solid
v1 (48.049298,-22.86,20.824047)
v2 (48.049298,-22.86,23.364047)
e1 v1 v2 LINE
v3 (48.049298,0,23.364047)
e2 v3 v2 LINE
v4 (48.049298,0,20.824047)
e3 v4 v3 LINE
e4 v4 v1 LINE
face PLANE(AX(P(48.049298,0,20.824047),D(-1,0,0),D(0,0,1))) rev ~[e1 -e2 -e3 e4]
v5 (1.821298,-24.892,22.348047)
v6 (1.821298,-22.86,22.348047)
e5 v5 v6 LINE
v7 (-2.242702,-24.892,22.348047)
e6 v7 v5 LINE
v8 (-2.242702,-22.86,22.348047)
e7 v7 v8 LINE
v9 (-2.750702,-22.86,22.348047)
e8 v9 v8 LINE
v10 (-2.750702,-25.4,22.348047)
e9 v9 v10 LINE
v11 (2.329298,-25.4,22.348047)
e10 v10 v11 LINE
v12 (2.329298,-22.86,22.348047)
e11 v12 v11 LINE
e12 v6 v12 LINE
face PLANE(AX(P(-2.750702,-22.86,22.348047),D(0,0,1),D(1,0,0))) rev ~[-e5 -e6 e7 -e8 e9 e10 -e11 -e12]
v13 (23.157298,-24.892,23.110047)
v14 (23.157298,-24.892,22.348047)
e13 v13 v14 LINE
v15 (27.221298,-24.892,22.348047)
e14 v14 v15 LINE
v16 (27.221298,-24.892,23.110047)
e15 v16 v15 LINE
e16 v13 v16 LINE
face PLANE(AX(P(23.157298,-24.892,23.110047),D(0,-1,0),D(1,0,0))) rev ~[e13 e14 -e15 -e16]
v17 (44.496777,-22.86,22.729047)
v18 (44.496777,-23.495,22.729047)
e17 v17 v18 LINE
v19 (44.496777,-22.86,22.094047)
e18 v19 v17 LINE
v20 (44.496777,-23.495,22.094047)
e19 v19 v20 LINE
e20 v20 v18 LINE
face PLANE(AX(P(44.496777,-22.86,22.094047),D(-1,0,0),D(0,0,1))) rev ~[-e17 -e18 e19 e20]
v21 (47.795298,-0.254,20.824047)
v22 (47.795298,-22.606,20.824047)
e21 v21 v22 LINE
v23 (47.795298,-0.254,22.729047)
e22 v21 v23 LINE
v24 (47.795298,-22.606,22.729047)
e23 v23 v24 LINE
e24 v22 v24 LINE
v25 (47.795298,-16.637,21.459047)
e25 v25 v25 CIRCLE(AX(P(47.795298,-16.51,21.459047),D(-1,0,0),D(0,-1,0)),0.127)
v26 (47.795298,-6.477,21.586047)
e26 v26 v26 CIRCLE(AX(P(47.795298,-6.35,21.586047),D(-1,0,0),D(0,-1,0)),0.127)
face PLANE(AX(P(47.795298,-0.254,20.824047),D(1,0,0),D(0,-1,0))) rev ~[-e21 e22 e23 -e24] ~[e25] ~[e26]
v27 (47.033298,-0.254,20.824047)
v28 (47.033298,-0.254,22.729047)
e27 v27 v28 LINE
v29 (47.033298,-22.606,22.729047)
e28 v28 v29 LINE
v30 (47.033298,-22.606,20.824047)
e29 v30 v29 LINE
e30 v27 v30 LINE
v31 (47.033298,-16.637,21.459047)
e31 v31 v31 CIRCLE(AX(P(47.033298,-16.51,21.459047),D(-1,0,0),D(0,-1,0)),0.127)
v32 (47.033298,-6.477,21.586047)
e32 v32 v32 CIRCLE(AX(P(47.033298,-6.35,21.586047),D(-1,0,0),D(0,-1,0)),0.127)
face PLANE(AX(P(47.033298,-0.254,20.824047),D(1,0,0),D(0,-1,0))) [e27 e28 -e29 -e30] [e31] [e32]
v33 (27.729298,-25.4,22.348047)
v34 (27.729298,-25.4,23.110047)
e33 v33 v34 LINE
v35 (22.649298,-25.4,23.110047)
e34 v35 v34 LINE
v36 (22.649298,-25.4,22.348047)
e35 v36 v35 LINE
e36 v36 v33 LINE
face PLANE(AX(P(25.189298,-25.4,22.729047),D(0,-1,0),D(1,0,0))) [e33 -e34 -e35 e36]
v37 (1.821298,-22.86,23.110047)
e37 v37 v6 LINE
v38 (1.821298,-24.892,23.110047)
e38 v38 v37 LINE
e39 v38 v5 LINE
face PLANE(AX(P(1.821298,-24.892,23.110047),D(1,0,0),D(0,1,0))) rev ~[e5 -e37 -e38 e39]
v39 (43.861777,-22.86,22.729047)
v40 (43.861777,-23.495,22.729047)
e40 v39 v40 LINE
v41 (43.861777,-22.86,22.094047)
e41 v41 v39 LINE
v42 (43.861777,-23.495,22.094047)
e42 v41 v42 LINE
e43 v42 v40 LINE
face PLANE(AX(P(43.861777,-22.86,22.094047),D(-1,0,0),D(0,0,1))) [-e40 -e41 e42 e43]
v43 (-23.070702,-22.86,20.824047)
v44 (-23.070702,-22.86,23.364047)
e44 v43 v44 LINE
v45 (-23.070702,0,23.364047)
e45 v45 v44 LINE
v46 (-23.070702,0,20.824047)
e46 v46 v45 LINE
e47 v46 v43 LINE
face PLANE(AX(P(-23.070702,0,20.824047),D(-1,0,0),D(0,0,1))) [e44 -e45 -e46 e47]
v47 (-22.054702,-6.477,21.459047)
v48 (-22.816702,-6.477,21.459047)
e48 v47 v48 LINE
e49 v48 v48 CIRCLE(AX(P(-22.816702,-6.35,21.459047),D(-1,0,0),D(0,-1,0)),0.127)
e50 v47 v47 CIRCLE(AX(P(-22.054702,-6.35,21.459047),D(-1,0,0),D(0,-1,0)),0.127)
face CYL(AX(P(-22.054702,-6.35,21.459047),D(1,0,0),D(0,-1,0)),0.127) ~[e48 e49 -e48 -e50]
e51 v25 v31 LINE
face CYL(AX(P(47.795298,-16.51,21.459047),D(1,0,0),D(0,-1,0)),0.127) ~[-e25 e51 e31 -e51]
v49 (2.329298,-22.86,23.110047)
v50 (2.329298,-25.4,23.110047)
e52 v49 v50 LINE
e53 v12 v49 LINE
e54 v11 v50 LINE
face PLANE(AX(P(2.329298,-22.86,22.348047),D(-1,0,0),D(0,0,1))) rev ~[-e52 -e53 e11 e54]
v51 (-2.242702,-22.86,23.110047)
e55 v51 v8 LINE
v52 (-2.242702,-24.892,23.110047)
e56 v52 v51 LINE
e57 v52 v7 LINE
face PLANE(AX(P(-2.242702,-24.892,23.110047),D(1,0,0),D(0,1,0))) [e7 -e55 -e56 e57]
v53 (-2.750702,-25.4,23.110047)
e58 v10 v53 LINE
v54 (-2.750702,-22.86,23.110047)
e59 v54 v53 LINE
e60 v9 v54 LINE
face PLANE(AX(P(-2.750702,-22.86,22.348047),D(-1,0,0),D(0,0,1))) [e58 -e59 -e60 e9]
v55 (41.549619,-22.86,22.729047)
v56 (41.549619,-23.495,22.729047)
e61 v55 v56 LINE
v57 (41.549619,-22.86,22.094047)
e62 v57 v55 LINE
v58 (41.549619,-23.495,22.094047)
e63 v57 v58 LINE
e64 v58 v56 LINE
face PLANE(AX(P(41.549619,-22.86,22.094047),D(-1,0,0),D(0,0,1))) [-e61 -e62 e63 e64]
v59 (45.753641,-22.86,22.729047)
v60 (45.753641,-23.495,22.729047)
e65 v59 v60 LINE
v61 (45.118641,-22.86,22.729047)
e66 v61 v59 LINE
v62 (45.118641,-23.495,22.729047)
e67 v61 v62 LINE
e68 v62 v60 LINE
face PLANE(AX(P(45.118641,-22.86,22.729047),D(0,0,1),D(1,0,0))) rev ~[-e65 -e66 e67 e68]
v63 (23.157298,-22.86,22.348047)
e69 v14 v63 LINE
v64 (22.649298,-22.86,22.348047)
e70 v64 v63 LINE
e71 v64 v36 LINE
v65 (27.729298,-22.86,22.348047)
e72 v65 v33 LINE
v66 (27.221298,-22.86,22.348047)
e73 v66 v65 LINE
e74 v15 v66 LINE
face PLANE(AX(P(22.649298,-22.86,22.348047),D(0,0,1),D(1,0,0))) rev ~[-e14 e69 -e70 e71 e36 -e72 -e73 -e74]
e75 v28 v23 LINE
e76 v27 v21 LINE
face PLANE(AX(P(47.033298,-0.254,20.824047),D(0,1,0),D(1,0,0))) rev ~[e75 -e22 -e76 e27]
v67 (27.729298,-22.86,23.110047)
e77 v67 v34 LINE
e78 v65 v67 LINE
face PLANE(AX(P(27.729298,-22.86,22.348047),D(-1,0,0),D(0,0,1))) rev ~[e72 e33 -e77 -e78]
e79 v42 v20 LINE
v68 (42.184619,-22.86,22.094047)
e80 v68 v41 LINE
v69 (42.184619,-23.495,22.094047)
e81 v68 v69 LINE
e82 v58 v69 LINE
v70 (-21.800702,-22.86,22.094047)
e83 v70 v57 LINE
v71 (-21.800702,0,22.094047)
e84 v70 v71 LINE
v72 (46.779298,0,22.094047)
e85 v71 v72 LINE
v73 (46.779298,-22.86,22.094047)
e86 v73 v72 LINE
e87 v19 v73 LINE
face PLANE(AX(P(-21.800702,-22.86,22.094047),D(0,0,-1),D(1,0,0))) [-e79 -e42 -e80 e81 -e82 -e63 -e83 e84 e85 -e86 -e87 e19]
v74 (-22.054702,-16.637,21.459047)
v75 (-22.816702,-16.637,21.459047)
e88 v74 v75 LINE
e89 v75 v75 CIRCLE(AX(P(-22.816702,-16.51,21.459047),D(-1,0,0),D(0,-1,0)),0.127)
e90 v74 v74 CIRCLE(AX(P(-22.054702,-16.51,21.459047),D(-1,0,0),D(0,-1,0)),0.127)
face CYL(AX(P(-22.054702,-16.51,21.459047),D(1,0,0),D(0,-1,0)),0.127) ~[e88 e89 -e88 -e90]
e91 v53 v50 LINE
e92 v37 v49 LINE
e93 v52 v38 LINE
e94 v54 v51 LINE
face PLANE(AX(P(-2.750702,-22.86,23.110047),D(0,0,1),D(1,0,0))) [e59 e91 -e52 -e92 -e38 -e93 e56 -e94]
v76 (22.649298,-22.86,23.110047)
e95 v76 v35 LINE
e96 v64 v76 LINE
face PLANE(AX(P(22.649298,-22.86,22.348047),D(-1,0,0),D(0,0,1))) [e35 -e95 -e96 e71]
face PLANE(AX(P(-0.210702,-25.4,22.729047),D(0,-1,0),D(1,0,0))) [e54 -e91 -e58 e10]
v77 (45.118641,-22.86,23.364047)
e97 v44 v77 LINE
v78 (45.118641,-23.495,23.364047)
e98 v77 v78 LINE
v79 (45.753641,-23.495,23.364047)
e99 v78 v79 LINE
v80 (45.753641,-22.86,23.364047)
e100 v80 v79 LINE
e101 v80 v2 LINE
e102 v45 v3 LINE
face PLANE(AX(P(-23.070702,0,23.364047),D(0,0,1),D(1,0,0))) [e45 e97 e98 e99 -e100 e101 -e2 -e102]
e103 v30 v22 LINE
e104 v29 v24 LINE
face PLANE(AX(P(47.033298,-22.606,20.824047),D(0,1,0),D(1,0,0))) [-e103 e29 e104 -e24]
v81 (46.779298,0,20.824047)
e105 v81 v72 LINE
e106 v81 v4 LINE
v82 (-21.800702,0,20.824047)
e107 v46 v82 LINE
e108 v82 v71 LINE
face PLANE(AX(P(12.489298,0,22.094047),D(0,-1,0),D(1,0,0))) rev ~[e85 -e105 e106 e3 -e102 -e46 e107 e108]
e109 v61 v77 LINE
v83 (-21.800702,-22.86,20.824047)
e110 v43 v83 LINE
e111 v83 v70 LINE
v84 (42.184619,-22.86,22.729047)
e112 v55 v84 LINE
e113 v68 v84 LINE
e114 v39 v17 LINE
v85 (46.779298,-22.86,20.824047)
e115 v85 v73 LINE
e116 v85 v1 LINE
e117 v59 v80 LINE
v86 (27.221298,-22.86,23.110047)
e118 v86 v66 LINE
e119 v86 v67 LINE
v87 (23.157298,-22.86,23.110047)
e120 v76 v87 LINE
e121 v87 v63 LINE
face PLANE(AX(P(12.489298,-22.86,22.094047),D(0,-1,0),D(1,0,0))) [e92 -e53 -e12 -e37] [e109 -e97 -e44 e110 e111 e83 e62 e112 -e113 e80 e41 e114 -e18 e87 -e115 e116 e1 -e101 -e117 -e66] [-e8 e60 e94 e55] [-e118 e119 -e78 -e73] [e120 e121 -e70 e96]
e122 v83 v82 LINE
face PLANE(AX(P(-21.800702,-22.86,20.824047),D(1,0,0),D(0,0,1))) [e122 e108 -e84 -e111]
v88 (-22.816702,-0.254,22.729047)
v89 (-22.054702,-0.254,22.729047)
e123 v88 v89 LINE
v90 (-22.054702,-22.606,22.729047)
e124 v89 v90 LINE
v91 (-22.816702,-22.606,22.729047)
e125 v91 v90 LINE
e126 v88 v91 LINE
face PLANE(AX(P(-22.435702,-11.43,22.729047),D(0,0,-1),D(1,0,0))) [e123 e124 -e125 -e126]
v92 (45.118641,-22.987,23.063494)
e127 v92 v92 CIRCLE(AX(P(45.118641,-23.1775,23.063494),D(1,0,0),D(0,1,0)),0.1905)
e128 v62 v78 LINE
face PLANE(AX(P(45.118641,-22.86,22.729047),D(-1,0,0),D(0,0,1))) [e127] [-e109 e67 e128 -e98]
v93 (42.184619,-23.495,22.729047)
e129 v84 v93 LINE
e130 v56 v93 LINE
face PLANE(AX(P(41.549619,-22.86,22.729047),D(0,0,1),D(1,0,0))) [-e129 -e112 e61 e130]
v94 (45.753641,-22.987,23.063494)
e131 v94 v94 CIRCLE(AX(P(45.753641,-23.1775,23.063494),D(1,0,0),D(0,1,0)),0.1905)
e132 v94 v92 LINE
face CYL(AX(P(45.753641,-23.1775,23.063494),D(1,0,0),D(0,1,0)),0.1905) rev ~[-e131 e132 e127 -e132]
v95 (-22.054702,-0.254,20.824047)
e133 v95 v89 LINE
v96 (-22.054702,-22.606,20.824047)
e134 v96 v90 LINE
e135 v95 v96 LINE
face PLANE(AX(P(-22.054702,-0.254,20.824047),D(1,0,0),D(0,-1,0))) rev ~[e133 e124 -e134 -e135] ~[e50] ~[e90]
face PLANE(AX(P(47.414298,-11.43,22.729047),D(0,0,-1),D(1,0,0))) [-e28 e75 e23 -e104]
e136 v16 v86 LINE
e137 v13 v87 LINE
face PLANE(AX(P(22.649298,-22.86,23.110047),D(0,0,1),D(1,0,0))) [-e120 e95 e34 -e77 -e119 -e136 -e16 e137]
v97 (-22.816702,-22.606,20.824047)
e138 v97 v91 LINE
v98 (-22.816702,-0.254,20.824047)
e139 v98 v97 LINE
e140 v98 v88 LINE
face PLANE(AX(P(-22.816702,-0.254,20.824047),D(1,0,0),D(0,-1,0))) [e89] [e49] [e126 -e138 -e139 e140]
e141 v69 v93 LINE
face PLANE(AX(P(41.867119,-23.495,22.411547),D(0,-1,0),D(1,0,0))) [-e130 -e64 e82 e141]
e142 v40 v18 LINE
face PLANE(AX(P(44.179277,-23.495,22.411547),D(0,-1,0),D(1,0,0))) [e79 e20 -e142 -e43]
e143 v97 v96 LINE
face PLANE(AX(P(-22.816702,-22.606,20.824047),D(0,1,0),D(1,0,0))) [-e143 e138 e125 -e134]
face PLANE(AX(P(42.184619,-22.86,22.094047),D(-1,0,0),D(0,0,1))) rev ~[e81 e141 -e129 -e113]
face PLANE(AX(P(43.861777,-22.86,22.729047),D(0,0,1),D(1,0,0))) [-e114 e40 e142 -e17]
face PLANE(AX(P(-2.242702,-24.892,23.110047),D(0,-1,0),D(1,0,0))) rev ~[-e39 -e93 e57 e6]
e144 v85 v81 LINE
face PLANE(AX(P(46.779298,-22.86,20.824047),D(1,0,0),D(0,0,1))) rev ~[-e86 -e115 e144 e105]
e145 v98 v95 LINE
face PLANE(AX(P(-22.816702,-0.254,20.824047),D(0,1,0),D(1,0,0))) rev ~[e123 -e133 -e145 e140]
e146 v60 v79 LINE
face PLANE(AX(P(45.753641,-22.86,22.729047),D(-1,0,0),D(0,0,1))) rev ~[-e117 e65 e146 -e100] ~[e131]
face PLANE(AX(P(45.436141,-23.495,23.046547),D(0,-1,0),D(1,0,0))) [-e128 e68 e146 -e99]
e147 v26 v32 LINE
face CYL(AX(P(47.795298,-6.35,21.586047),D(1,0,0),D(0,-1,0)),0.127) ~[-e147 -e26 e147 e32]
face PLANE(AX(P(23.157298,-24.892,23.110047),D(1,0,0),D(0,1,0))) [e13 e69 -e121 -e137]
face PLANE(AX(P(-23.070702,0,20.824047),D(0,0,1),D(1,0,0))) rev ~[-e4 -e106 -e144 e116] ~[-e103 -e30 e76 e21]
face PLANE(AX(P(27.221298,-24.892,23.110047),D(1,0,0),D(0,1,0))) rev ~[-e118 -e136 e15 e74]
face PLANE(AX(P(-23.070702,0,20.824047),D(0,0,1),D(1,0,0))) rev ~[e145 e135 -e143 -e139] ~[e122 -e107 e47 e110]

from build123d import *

# Parameters (mm, degrees)
F0_W      = 71.12
F0_H      = 2.54
F1_DEPTH  = 22.86
F2_W      = 68.58
F2_H      = 1.27
F3_DEPTH  = 22.86
F4_W      = 0.762
F4_H      = 22.352
F5_DEPTH  = 1.905
F6_W      = 0.762
F6_H      = 22.352
F7_DEPTH  = 1.905
F8_R      = 0.127
F9_DEPTH  = 0.762
F10_R     = 0.127
F11_DEPTH = 0.762
F12_W     = 5.08
F12_H     = 0.762
F13_DEPTH = 2.54
F14_W     = 4.064
F14_H     = 2.032
F15_DEPTH = 2.287
F16_W     = 4.064
F16_H     = 2.032
F17_DEPTH = 2.287
F18_W     = 0.635
F18_H     = 0.635
F19_DEPTH = 0.635
F20_R     = 0.1905
F21_DEPTH = 2.54


with BuildPart() as f1:
    # F0 (on Front) → F1 (new body)
    with BuildSketch(Plane.XZ):
        with Locations((12.489298, 22.094047)):
            Rectangle(F0_W, F0_H)
    extrude(amount=F1_DEPTH)

    # F2 (on face) → F3 (cut)
    with BuildSketch(Plane.XZ.offset(22.86)):
        with Locations((12.489298, 21.459047)):
            Rectangle(F2_W, F2_H)
    extrude(amount=-F3_DEPTH, mode=Mode.SUBTRACT)

    # F4 (on face) → F5 (cut)
    with BuildSketch(Plane(origin=(0, 0, 20.824047), x_dir=(1, 0, 0), z_dir=(0, 0, -1))):
        with Locations((47.414298, 11.43)):
            Rectangle(F4_W, F4_H)
    extrude(amount=-F5_DEPTH, mode=Mode.SUBTRACT)

    # F6 (on face) → F7 (cut)
    with BuildSketch(Plane(origin=(0, 0, 20.824047), x_dir=(1, 0, 0), z_dir=(0, 0, -1))):
        with Locations((-22.435702, 11.43)):
            Rectangle(F6_W, F6_H)
    extrude(amount=-F7_DEPTH, mode=Mode.SUBTRACT)

    # F8 (on face) → F9 (join, through all)
    with BuildSketch(Plane(origin=(47.795298, 0, 0), x_dir=(0, -1, 0), z_dir=(-1, 0, 0))):
        with Locations((16.51, 21.459047)):
            Circle(F8_R)
        with Locations((6.35, 21.586047)):
            Circle(F8_R)
    extrude(amount=F9_DEPTH)

    # F10 (on face) → F11 (join, through all)
    with BuildSketch(Plane(origin=(-22.054702, 0, 0), x_dir=(0, -1, 0), z_dir=(-1, 0, 0))):
        with Locations((16.51, 21.459047)):
            Circle(F10_R)
        with Locations((6.35, 21.459047)):
            Circle(F10_R)
    extrude(amount=F11_DEPTH)

    # F12 (on face) → F13 (join)
    with BuildSketch(Plane.XZ.offset(22.86)):
        with Locations((-0.210702, 22.729047)):
            Rectangle(F12_W, F12_H)
        with Locations((25.189298, 22.729047)):
            Rectangle(F12_W, F12_H)
    extrude(amount=F13_DEPTH)

    # F14 (on face) → F15 (cut, through all)
    with BuildSketch(Plane.XY.offset(23.110047)):
        with Locations((25.189298, -23.876)):
            Rectangle(F14_W, F14_H)
    extrude(amount=-F15_DEPTH, mode=Mode.SUBTRACT)

    # F16 (on face) → F17 (cut, through all)
    with BuildSketch(Plane.XY.offset(23.110047)):
        with Locations((-0.210702, -23.876)):
            Rectangle(F16_W, F16_H)
    extrude(amount=-F17_DEPTH, mode=Mode.SUBTRACT)

    # F18 (on face) → F19 (join)
    with BuildSketch(Plane.XZ.offset(22.86)):
        with Locations((45.436141, 23.046547)):
            Rectangle(F18_W, F18_H)
        with Locations((44.179277, 22.411547)):
            Rectangle(F18_W, F18_H)
        with Locations((41.867119, 22.411547)):
            Rectangle(F18_W, F18_H)
    extrude(amount=F19_DEPTH)

    # F20 (on face) → F21 (cut)
    with BuildSketch(Plane.YZ.offset(45.753641)):
        with Locations((-23.1775, 23.063494)):
            Circle(F20_R)
    extrude(amount=-F21_DEPTH, mode=Mode.SUBTRACT)


solid = f1.part
